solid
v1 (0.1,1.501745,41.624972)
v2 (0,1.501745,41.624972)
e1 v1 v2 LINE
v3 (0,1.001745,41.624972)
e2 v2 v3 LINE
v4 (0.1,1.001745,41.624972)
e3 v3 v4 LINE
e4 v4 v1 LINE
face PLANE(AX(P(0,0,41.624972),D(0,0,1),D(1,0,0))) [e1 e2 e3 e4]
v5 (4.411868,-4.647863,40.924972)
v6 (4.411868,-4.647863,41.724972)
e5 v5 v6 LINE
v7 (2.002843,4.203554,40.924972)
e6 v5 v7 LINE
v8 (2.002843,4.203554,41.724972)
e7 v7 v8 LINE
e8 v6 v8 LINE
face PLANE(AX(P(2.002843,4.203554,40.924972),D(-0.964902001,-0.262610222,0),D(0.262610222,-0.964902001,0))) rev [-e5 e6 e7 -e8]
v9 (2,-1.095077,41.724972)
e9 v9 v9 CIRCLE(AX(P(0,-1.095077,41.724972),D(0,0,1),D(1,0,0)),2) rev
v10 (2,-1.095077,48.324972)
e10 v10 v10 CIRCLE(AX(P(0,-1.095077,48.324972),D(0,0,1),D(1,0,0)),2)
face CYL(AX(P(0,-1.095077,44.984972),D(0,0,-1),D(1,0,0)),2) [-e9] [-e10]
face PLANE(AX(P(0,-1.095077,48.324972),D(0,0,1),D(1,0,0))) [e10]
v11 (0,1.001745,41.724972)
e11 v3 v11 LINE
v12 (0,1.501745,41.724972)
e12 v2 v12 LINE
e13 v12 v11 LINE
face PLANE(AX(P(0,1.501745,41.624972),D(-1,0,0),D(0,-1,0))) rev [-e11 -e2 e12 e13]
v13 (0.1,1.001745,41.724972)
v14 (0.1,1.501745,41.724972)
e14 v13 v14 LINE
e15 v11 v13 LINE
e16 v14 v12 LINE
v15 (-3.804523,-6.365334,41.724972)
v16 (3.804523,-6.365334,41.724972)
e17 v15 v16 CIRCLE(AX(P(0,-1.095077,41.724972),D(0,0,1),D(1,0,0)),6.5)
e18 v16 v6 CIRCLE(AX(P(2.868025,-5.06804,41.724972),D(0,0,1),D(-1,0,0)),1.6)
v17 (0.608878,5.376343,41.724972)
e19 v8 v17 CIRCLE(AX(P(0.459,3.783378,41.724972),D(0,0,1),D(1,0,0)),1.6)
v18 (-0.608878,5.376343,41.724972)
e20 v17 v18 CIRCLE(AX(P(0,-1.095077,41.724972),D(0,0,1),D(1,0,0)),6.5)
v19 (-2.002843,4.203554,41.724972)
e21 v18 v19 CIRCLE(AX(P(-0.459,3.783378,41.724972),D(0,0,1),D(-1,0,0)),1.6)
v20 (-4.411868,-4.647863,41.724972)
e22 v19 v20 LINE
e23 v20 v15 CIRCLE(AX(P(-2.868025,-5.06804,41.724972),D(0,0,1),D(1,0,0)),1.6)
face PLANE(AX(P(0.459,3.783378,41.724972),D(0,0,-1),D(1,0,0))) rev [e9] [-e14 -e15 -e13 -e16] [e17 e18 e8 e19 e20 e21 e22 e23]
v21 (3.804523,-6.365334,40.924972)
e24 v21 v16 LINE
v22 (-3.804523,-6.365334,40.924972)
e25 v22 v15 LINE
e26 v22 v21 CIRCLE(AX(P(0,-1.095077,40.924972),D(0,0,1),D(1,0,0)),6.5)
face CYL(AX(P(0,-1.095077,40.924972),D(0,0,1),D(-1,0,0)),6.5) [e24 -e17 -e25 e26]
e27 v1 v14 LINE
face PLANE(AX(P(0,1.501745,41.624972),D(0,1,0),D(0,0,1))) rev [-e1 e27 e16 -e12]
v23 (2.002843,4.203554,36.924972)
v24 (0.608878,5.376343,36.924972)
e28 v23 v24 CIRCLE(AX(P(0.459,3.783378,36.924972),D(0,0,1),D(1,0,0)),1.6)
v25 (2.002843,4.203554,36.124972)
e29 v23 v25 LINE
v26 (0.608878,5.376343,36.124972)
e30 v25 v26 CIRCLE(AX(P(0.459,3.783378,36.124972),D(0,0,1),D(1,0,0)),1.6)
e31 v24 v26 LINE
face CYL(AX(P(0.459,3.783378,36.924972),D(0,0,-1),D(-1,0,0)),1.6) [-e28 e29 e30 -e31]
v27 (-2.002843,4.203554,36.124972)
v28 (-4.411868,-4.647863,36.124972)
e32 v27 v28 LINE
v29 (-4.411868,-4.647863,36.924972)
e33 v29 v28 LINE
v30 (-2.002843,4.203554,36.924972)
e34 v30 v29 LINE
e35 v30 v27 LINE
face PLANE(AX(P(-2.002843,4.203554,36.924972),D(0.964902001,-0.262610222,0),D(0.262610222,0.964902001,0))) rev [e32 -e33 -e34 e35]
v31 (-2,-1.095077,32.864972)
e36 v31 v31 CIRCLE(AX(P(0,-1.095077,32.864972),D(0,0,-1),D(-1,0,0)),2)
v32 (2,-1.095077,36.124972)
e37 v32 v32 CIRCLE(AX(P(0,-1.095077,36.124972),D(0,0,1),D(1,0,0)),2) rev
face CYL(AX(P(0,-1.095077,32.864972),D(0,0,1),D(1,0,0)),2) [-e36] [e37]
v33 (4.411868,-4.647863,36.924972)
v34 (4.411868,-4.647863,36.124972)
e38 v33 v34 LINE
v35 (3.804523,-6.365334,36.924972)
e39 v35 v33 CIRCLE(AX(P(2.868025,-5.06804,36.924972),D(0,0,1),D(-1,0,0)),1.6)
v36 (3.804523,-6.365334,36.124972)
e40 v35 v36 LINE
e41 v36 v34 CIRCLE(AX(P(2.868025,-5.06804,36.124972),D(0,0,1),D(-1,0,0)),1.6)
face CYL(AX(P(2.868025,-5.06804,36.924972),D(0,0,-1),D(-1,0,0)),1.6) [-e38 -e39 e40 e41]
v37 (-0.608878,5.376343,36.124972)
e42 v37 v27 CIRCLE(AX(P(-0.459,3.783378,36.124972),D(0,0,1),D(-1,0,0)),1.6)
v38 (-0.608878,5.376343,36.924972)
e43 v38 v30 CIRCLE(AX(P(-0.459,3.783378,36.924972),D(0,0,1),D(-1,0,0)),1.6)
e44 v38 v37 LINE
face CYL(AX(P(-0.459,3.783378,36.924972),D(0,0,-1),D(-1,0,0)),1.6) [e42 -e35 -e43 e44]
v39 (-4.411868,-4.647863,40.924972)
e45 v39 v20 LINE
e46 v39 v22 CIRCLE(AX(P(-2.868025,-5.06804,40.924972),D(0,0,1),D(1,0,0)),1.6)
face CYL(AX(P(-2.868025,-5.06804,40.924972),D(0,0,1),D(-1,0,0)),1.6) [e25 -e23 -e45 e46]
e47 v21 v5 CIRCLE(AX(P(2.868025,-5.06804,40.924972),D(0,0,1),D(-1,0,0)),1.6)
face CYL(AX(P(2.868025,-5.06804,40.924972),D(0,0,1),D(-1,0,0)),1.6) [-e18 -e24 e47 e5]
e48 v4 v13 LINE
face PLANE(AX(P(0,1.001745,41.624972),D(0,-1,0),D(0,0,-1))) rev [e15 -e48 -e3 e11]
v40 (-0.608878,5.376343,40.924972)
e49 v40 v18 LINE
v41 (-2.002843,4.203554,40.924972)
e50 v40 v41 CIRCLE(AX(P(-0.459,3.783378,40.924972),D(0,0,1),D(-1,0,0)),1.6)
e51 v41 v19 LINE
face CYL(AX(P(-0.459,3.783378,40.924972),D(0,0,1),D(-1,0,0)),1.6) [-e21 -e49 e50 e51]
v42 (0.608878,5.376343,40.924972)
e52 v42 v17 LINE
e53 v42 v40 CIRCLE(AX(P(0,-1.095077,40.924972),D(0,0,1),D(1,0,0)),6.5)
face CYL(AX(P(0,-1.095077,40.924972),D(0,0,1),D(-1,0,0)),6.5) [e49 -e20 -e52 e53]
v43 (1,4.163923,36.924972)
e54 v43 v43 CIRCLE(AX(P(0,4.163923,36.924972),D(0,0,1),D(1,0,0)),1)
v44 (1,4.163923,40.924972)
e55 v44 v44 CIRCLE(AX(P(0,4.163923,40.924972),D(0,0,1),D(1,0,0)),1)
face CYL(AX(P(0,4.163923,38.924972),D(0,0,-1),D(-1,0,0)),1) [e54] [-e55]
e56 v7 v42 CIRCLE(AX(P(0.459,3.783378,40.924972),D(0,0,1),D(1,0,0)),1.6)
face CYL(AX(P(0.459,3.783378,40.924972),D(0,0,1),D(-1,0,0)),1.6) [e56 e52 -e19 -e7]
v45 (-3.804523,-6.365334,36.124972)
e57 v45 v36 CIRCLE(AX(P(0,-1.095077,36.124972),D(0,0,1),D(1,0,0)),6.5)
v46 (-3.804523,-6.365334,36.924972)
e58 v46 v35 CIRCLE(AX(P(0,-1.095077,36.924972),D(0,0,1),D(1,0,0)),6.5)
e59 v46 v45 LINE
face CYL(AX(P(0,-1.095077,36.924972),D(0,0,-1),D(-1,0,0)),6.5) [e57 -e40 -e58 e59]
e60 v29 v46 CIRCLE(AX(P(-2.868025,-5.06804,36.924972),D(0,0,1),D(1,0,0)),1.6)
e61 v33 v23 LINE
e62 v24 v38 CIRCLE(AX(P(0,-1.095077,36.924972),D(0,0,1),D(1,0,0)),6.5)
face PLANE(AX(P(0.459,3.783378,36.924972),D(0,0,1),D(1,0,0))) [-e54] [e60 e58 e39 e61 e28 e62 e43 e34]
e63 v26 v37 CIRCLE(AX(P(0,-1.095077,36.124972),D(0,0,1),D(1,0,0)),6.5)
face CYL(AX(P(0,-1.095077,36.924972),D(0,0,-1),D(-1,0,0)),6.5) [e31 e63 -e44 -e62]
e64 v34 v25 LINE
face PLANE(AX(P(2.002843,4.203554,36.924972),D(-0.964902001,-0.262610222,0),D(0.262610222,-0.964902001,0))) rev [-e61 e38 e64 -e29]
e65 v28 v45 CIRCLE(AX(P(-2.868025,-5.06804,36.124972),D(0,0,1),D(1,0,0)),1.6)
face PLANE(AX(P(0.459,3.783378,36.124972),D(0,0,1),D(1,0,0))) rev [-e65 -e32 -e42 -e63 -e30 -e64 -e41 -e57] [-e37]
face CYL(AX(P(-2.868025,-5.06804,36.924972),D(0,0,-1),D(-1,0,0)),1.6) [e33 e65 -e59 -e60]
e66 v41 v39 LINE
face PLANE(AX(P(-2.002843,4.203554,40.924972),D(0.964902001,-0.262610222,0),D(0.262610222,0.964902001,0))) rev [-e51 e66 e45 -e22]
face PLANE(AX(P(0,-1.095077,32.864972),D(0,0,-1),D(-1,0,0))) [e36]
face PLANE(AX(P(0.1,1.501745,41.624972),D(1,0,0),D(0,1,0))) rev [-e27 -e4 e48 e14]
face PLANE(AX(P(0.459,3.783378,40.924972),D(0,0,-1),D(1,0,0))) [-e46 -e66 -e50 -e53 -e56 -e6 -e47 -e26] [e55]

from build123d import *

# Parameters (mm, degrees)
BOSS_EXTRUDE1_DEPTH = 8
SKETCH2_R           = 10
BOSS_EXTRUDE2_DEPTH = 20
SKETCH3_R           = 20
BOSS_EXTRUDE3_DEPTH = 32.6
SKETCH4_R           = 20
BOSS_EXTRUDE4_DEPTH = 33.4
SCALE1_SCALE        = 0.1
SKETCH5_W           = 0.1
SKETCH5_H           = 0.5
CUT_EXTRUDE1_DEPTH  = 0.1


with BuildPart() as part:
    # Sketch1 → Boss-Extrude1 (new body)
    with BuildSketch(Plane.XY):
        with BuildLine():
            Line((-20.028432016, 52.986309253), (-44.118678612, -35.527865892))
            ThreePointArc((-44.118678612, -35.527865892), (-43.764838253, -45.063961124), (-38.045225076, -52.702569661))
            ThreePointArc((-38.045225076, -52.702569661), (0, -65), (38.045225076, -52.702569661))
            ThreePointArc((38.045225076, -52.702569661), (43.764838253, -45.063961124), (44.118678612, -35.527865892))
            Line((44.118678612, -35.527865892), (20.028432016, 52.986309253))
            ThreePointArc((20.028432016, 52.986309253), (14.890634236, 61.027786061), (6.08877551, 64.714193287))
            ThreePointArc((6.08877551, 64.714193287), (0, 65), (-6.08877551, 64.714193287))
            ThreePointArc((-6.08877551, 64.714193287), (-14.890634236, 61.027786061), (-20.028432016, 52.986309253))
        make_face()
    extrude(amount=BOSS_EXTRUDE1_DEPTH)

    # Sketch2 → Boss-Extrude2 (add)
    with BuildSketch(Plane.XY.offset(8)):
        with Locations((0, 52.59)):
            Circle(SKETCH2_R)
    extrude(amount=BOSS_EXTRUDE2_DEPTH)

    # Sketch3 → Boss-Extrude3 (add)
    with BuildSketch(Plane(origin=(0, 0, 0), x_dir=(-1, 0, 0), z_dir=(0, 0, -1))):
        Circle(SKETCH3_R)
    extrude(amount=BOSS_EXTRUDE3_DEPTH)

    # Mirror1: part across plane


with BuildPart() as part_1:
    add(part.part)
    add(part.part.mirror(Plane(origin=(0, 52.59, 28), x_dir=(1, 0, 0), z_dir=(0, 0, 1))))

    # Sketch4 → Boss-Extrude4 (add)
    with BuildSketch(Plane.XY.offset(88.6)):
        Circle(SKETCH4_R)
    extrude(amount=BOSS_EXTRUDE4_DEPTH)


with BuildPart() as part_2:
    # Scale1: scaled about (0, -1.216751814, 40.138857798)
    add(part_1.part.scale(SCALE1_SCALE).moved(Location((0, -1.095076633, 36.124972018))))

    # Sketch5 → Cut-Extrude1 (cut)
    with BuildSketch(Plane.XY.offset(41.724972018)):
        with Locations((0.05, 1.251745482)):
            Rectangle(SKETCH5_W, SKETCH5_H)
    extrude(amount=-CUT_EXTRUDE1_DEPTH, mode=Mode.SUBTRACT)


solid = part_2.part
